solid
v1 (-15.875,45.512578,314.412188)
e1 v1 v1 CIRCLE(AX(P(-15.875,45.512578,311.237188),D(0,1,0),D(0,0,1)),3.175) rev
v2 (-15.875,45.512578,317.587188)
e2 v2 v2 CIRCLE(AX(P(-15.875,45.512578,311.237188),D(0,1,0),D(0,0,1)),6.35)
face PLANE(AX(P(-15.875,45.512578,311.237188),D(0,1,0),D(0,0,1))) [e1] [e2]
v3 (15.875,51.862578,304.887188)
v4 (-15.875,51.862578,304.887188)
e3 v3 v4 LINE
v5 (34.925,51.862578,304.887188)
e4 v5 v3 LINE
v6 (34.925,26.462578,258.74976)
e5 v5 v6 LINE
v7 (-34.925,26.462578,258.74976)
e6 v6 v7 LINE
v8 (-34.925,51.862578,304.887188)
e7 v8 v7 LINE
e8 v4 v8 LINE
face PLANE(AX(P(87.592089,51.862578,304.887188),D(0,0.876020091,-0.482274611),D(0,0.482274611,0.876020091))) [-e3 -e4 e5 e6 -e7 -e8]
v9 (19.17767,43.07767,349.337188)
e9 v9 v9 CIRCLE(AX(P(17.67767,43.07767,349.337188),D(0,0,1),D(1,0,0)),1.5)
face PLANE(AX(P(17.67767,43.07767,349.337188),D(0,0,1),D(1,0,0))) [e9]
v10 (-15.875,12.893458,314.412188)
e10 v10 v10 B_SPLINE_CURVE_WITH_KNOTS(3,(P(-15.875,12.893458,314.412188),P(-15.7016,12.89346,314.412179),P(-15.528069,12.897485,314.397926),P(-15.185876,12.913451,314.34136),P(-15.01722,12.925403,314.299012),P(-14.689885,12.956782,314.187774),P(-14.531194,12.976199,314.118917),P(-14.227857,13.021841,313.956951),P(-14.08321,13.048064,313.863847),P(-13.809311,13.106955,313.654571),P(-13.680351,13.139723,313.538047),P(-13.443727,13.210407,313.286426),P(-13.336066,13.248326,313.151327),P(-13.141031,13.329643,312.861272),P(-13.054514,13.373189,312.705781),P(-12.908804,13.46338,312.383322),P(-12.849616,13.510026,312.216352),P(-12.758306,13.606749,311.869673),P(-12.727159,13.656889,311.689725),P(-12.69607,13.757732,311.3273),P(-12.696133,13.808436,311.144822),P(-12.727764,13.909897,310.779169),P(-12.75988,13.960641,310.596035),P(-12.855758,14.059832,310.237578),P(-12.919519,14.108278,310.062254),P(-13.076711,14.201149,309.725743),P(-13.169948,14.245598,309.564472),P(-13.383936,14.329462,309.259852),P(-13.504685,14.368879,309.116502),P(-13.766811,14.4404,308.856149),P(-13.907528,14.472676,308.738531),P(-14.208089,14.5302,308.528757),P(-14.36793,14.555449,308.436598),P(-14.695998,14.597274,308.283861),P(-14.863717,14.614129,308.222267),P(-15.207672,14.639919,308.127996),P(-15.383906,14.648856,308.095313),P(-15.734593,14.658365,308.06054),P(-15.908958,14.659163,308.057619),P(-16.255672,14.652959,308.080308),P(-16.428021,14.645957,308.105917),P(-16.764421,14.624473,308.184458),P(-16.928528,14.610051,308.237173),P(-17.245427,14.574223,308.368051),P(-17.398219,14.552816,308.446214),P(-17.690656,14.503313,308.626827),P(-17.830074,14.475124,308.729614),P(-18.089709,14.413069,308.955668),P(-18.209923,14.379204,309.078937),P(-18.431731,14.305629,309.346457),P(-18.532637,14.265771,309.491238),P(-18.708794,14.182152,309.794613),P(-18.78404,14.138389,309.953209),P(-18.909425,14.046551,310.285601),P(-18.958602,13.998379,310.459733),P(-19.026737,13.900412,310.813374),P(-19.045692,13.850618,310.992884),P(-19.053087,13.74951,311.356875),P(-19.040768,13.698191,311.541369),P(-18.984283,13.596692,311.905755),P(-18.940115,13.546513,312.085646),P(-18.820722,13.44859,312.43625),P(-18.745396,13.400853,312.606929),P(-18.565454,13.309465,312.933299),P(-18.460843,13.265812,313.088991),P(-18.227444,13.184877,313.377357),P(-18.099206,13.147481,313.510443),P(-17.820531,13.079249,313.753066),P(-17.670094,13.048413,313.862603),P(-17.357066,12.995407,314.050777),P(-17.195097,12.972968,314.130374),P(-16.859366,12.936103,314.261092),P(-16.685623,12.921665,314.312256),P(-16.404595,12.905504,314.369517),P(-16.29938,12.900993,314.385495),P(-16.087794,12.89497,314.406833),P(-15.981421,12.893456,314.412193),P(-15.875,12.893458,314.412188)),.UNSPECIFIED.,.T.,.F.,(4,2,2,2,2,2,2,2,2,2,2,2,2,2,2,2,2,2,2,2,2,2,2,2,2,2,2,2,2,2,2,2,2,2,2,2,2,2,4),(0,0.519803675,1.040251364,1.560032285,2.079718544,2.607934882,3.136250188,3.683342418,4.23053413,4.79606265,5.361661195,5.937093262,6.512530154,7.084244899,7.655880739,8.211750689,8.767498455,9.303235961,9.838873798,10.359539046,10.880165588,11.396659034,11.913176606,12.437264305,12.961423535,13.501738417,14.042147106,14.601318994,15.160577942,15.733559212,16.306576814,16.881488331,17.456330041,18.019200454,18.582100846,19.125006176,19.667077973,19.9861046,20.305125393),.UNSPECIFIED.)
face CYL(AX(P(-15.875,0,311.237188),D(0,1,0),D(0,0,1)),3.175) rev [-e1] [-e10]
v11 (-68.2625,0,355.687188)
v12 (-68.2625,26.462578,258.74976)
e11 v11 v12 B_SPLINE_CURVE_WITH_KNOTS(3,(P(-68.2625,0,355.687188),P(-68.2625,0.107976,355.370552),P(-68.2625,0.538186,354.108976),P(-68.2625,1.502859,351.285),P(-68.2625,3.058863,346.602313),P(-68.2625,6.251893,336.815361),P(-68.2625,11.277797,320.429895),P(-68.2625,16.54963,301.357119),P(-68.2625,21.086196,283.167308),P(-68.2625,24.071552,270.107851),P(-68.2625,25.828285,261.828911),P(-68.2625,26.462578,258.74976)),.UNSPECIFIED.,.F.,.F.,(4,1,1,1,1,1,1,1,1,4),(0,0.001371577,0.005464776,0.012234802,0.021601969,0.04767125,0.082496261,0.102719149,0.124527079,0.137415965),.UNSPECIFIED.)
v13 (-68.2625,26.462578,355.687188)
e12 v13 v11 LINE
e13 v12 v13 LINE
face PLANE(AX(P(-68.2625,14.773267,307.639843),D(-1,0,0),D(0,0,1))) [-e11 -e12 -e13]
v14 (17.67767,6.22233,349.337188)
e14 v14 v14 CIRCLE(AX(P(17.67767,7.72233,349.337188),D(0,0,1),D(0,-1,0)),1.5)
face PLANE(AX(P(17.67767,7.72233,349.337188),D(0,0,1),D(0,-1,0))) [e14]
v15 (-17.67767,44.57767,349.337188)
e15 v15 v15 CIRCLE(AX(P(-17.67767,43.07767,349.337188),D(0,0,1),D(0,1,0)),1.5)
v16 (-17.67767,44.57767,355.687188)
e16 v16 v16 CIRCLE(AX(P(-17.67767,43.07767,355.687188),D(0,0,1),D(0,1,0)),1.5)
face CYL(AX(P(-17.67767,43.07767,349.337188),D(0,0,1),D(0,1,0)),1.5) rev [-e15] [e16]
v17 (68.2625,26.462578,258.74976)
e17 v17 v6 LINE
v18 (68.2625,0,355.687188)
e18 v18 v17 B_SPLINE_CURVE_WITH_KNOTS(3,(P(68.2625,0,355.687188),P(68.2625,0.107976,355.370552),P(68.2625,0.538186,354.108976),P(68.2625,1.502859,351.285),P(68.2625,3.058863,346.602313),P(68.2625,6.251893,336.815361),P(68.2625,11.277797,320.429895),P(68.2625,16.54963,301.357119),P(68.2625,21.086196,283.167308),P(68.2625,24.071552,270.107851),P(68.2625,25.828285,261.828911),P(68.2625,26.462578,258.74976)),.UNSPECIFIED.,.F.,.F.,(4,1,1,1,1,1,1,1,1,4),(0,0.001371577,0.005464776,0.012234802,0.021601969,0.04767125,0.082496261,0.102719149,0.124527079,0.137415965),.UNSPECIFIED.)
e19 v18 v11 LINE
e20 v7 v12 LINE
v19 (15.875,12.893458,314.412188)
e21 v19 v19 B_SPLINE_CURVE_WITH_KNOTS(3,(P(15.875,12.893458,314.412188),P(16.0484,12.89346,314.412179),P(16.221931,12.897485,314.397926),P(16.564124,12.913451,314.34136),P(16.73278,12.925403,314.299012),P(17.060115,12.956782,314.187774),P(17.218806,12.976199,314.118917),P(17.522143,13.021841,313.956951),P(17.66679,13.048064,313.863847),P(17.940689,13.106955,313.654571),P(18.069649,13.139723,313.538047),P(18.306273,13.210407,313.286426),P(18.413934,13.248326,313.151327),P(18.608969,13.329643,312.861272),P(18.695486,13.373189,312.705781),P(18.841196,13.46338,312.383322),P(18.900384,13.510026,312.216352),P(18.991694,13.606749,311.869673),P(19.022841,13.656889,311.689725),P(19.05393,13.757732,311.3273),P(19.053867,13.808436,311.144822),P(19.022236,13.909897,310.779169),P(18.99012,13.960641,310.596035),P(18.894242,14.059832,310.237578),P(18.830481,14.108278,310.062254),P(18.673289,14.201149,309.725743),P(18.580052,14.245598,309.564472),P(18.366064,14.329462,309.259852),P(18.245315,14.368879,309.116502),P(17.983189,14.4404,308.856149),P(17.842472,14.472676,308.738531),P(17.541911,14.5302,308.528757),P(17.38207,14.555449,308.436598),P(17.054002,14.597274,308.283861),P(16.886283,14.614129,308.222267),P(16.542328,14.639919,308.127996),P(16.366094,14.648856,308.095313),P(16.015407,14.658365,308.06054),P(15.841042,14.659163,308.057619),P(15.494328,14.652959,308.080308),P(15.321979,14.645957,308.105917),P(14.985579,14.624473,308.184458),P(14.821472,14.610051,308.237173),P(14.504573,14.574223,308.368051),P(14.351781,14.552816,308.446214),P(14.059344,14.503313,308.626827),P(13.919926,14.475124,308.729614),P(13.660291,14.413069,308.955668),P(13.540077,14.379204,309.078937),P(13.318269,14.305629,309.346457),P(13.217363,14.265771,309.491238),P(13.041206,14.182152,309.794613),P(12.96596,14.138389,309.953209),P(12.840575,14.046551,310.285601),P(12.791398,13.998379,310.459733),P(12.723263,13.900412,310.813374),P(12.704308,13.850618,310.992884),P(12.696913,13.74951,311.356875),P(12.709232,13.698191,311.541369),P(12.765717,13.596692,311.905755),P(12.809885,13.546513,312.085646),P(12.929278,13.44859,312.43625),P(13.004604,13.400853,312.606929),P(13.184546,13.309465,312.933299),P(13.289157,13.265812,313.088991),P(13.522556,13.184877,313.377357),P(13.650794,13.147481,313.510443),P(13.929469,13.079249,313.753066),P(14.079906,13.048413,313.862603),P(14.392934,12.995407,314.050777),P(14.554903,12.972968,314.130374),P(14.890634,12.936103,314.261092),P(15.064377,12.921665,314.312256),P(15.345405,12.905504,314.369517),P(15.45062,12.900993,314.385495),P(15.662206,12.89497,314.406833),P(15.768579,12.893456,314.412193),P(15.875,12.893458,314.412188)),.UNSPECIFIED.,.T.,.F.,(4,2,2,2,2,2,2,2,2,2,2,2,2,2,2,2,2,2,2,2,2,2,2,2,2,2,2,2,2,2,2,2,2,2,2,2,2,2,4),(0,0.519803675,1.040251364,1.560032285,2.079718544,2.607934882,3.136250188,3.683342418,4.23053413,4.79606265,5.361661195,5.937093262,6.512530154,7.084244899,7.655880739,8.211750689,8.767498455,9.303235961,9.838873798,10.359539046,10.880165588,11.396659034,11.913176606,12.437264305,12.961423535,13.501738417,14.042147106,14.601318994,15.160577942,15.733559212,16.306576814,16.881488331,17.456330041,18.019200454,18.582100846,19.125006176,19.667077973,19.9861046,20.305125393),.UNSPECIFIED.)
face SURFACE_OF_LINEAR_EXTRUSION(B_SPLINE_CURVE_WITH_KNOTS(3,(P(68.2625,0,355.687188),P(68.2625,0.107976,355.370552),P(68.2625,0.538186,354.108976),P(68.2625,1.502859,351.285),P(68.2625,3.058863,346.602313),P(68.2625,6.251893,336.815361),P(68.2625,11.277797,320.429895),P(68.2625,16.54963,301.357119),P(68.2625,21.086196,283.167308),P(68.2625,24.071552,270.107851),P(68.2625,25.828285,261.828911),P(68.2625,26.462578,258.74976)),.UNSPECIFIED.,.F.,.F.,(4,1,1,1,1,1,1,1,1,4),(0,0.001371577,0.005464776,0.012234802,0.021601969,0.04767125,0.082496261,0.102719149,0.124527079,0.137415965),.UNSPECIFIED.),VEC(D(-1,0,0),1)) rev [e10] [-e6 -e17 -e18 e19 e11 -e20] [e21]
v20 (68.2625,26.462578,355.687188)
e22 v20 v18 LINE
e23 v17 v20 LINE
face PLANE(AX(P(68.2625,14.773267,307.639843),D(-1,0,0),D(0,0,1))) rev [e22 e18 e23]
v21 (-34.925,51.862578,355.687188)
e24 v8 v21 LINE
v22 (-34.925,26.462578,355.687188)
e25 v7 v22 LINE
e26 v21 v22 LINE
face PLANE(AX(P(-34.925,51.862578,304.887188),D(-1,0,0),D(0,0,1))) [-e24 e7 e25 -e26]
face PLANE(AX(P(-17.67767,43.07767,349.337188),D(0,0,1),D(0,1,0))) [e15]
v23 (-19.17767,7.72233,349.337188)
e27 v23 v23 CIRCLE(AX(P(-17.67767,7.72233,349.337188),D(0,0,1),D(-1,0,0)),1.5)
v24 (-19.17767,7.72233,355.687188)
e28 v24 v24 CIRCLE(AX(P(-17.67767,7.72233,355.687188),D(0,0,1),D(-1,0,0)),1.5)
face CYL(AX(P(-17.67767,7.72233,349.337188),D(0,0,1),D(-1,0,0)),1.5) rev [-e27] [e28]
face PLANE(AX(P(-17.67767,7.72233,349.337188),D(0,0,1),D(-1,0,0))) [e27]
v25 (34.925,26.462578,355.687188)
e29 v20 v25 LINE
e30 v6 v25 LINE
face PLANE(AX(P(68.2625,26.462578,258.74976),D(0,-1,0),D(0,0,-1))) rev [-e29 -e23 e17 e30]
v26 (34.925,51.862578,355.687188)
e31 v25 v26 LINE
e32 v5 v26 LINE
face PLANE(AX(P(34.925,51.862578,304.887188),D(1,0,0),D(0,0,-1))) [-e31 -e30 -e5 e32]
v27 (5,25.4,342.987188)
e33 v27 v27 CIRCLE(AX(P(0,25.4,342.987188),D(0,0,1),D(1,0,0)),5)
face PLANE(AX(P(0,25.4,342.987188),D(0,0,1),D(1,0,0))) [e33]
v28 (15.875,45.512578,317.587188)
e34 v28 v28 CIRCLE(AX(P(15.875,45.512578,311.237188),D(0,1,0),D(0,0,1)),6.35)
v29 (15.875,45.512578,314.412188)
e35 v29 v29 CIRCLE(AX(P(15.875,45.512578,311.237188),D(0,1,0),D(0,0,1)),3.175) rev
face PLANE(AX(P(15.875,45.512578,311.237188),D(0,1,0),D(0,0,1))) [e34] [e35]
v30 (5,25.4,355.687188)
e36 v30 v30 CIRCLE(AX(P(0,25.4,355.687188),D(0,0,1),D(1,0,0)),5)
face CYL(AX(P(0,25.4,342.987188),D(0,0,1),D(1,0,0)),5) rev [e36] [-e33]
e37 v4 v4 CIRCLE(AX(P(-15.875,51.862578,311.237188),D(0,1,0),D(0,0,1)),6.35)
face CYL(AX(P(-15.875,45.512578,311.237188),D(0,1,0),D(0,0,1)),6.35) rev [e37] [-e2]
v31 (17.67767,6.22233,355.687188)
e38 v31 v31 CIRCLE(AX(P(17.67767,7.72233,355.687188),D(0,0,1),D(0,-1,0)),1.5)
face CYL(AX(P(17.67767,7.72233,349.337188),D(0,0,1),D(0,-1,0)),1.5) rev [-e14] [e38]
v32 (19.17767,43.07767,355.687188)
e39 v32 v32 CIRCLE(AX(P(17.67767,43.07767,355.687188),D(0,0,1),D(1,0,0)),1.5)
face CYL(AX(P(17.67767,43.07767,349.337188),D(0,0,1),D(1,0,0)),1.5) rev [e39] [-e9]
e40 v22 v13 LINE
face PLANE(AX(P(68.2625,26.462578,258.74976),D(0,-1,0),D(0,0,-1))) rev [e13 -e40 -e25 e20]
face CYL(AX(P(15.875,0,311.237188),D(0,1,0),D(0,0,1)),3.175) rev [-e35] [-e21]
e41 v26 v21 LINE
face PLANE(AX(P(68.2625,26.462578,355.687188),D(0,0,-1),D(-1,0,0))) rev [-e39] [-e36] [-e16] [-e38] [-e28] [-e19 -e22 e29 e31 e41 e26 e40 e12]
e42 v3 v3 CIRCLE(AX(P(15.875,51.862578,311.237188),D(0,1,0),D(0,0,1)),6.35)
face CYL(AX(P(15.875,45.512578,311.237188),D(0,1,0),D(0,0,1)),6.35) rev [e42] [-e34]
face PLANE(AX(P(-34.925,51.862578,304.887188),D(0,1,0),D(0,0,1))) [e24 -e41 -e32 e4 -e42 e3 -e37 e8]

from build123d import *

# Parameters (mm, degrees)
BOSS_EXTRUDE1_DEPTH     = 68.2625
SKETCH4_W               = 69.85
SKETCH4_H               = 25.4
BOSS_EXTRUDE2_DEPTH     = 50.8
CUT_EXTRUDE1_DEPTH      = 364.143790643
CUT_EXTRUDE1_DEPTH_BACK = 364.143790643
SKETCH2_R               = 3.175
SKETCH5_R               = 5
CUT_EXTRUDE2_DEPTH      = 12.7
SKETCH6_R               = 1.5
CUT_EXTRUDE3_DEPTH      = 6.35
CIRPATTERN1_COUNT       = 4
BOSS_EXTRUDE3_DEPTH     = 69.85
SKETCH8_R               = 6.35
CUT_EXTRUDE4_DEPTH      = 6.35


with BuildPart() as part:
    # Sketch1 → Boss-Extrude1 (new, symmetric)
    with BuildSketch(Plane(origin=(0, 0, 0), x_dir=(0, 0, -1), z_dir=(1, 0, 0))):
        with BuildLine():
            Line((-258.749759613, 26.462577976), (-355.687187923, 26.462577976))
            Line((-355.687187923, 26.462577976), (-355.687187923, 0))
            add(Edge.make_bspline(
                [(-355.687187923, 0), (-355.37055154, 0.107976188), (-354.108976481, 0.538185956), (-351.284999827, 1.502859463), (-346.602313416, 3.058862652), (-336.815361237, 6.25189344), (-320.429894612, 11.27779725), (-301.357119069, 16.549630187), (-283.167308194, 21.086195797), (-270.107851124, 24.071552001), (-261.828911243, 25.828285388), (-258.749759613, 26.462577976)],
                knots=[0, 0, 0, 0, 0.001371577, 0.005464776, 0.012234802, 0.021601969, 0.04767125, 0.082496261, 0.102719149, 0.124527079, 0.137415965, 0.137415965, 0.137415965, 0.137415965], degree=3))
        make_face()
    extrude(amount=BOSS_EXTRUDE1_DEPTH, both=True)

    # Sketch4 → Boss-Extrude2 (add)
    with BuildSketch(Plane.XY.offset(355.687187923)):
        with Locations((0, 39.162577976)):
            Rectangle(SKETCH4_W, SKETCH4_H)
    extrude(amount=-BOSS_EXTRUDE2_DEPTH)

    # Sketch2 → Cut-Extrude1 (cut, two sides: drawn at the far end of the back side and taken through both)
    with BuildSketch(Plane(origin=(0, 26.462577976, 0), x_dir=(1, 0, 0), z_dir=(0, 1, 0)).offset(-CUT_EXTRUDE1_DEPTH_BACK)):
        with Locations(Location((-15.875, -311.237187923, 0), (0, 0, 270))):
            Circle(SKETCH2_R)
        with Locations(Location((15.875, -311.237187923, 0), (0, 0, 270))):
            Circle(SKETCH2_R)
    extrude(amount=CUT_EXTRUDE1_DEPTH + CUT_EXTRUDE1_DEPTH_BACK, mode=Mode.SUBTRACT)

    # Sketch5 → Cut-Extrude2 (cut)
    with BuildSketch(Plane.XY.offset(355.687187923)):
        with Locations((0, 25.4)):
            Circle(SKETCH5_R)
    extrude(amount=-CUT_EXTRUDE2_DEPTH, mode=Mode.SUBTRACT)

    # Sketch6 → Cut-Extrude3 (cut)
    with BuildSketch(Plane.XY.offset(355.687187923)):
        with Locations((17.67766953, 43.07766953)):
            Circle(SKETCH6_R)
    cut_extrude3 = extrude(amount=-CUT_EXTRUDE3_DEPTH, mode=Mode.SUBTRACT)

    # CirPattern1: Cut-Extrude3 ×4 about axis
    cirpattern1_axis = Axis((0, 25.4, 0), (0, 0, 1))
    for i in range(1, CIRPATTERN1_COUNT):
        add(cut_extrude3.rotate(cirpattern1_axis, i * 360 / CIRPATTERN1_COUNT), mode=Mode.SUBTRACT)

    # Sketch7 → Boss-Extrude3 (add)
    with BuildSketch(Plane.ZY.offset(34.925)):
        Polygon((304.887187923, 51.862577976), (258.749759613, 26.462577976), (304.887187923, 26.462577976), align=None)
    extrude(amount=-BOSS_EXTRUDE3_DEPTH)

    # Sketch8 → Cut-Extrude4 (cut)
    with BuildSketch(Plane(origin=(0, 51.862577976, 0), x_dir=(1, 0, 0), z_dir=(0, 1, 0))):
        with Locations(Location((15.875, -311.237187923, 0), (0, 0, 270))):
            Circle(SKETCH8_R)
        with Locations(Location((-15.875, -311.237187923, 0), (0, 0, 270))):
            Circle(SKETCH8_R)
    extrude(amount=-CUT_EXTRUDE4_DEPTH, mode=Mode.SUBTRACT)


solid = part.part
